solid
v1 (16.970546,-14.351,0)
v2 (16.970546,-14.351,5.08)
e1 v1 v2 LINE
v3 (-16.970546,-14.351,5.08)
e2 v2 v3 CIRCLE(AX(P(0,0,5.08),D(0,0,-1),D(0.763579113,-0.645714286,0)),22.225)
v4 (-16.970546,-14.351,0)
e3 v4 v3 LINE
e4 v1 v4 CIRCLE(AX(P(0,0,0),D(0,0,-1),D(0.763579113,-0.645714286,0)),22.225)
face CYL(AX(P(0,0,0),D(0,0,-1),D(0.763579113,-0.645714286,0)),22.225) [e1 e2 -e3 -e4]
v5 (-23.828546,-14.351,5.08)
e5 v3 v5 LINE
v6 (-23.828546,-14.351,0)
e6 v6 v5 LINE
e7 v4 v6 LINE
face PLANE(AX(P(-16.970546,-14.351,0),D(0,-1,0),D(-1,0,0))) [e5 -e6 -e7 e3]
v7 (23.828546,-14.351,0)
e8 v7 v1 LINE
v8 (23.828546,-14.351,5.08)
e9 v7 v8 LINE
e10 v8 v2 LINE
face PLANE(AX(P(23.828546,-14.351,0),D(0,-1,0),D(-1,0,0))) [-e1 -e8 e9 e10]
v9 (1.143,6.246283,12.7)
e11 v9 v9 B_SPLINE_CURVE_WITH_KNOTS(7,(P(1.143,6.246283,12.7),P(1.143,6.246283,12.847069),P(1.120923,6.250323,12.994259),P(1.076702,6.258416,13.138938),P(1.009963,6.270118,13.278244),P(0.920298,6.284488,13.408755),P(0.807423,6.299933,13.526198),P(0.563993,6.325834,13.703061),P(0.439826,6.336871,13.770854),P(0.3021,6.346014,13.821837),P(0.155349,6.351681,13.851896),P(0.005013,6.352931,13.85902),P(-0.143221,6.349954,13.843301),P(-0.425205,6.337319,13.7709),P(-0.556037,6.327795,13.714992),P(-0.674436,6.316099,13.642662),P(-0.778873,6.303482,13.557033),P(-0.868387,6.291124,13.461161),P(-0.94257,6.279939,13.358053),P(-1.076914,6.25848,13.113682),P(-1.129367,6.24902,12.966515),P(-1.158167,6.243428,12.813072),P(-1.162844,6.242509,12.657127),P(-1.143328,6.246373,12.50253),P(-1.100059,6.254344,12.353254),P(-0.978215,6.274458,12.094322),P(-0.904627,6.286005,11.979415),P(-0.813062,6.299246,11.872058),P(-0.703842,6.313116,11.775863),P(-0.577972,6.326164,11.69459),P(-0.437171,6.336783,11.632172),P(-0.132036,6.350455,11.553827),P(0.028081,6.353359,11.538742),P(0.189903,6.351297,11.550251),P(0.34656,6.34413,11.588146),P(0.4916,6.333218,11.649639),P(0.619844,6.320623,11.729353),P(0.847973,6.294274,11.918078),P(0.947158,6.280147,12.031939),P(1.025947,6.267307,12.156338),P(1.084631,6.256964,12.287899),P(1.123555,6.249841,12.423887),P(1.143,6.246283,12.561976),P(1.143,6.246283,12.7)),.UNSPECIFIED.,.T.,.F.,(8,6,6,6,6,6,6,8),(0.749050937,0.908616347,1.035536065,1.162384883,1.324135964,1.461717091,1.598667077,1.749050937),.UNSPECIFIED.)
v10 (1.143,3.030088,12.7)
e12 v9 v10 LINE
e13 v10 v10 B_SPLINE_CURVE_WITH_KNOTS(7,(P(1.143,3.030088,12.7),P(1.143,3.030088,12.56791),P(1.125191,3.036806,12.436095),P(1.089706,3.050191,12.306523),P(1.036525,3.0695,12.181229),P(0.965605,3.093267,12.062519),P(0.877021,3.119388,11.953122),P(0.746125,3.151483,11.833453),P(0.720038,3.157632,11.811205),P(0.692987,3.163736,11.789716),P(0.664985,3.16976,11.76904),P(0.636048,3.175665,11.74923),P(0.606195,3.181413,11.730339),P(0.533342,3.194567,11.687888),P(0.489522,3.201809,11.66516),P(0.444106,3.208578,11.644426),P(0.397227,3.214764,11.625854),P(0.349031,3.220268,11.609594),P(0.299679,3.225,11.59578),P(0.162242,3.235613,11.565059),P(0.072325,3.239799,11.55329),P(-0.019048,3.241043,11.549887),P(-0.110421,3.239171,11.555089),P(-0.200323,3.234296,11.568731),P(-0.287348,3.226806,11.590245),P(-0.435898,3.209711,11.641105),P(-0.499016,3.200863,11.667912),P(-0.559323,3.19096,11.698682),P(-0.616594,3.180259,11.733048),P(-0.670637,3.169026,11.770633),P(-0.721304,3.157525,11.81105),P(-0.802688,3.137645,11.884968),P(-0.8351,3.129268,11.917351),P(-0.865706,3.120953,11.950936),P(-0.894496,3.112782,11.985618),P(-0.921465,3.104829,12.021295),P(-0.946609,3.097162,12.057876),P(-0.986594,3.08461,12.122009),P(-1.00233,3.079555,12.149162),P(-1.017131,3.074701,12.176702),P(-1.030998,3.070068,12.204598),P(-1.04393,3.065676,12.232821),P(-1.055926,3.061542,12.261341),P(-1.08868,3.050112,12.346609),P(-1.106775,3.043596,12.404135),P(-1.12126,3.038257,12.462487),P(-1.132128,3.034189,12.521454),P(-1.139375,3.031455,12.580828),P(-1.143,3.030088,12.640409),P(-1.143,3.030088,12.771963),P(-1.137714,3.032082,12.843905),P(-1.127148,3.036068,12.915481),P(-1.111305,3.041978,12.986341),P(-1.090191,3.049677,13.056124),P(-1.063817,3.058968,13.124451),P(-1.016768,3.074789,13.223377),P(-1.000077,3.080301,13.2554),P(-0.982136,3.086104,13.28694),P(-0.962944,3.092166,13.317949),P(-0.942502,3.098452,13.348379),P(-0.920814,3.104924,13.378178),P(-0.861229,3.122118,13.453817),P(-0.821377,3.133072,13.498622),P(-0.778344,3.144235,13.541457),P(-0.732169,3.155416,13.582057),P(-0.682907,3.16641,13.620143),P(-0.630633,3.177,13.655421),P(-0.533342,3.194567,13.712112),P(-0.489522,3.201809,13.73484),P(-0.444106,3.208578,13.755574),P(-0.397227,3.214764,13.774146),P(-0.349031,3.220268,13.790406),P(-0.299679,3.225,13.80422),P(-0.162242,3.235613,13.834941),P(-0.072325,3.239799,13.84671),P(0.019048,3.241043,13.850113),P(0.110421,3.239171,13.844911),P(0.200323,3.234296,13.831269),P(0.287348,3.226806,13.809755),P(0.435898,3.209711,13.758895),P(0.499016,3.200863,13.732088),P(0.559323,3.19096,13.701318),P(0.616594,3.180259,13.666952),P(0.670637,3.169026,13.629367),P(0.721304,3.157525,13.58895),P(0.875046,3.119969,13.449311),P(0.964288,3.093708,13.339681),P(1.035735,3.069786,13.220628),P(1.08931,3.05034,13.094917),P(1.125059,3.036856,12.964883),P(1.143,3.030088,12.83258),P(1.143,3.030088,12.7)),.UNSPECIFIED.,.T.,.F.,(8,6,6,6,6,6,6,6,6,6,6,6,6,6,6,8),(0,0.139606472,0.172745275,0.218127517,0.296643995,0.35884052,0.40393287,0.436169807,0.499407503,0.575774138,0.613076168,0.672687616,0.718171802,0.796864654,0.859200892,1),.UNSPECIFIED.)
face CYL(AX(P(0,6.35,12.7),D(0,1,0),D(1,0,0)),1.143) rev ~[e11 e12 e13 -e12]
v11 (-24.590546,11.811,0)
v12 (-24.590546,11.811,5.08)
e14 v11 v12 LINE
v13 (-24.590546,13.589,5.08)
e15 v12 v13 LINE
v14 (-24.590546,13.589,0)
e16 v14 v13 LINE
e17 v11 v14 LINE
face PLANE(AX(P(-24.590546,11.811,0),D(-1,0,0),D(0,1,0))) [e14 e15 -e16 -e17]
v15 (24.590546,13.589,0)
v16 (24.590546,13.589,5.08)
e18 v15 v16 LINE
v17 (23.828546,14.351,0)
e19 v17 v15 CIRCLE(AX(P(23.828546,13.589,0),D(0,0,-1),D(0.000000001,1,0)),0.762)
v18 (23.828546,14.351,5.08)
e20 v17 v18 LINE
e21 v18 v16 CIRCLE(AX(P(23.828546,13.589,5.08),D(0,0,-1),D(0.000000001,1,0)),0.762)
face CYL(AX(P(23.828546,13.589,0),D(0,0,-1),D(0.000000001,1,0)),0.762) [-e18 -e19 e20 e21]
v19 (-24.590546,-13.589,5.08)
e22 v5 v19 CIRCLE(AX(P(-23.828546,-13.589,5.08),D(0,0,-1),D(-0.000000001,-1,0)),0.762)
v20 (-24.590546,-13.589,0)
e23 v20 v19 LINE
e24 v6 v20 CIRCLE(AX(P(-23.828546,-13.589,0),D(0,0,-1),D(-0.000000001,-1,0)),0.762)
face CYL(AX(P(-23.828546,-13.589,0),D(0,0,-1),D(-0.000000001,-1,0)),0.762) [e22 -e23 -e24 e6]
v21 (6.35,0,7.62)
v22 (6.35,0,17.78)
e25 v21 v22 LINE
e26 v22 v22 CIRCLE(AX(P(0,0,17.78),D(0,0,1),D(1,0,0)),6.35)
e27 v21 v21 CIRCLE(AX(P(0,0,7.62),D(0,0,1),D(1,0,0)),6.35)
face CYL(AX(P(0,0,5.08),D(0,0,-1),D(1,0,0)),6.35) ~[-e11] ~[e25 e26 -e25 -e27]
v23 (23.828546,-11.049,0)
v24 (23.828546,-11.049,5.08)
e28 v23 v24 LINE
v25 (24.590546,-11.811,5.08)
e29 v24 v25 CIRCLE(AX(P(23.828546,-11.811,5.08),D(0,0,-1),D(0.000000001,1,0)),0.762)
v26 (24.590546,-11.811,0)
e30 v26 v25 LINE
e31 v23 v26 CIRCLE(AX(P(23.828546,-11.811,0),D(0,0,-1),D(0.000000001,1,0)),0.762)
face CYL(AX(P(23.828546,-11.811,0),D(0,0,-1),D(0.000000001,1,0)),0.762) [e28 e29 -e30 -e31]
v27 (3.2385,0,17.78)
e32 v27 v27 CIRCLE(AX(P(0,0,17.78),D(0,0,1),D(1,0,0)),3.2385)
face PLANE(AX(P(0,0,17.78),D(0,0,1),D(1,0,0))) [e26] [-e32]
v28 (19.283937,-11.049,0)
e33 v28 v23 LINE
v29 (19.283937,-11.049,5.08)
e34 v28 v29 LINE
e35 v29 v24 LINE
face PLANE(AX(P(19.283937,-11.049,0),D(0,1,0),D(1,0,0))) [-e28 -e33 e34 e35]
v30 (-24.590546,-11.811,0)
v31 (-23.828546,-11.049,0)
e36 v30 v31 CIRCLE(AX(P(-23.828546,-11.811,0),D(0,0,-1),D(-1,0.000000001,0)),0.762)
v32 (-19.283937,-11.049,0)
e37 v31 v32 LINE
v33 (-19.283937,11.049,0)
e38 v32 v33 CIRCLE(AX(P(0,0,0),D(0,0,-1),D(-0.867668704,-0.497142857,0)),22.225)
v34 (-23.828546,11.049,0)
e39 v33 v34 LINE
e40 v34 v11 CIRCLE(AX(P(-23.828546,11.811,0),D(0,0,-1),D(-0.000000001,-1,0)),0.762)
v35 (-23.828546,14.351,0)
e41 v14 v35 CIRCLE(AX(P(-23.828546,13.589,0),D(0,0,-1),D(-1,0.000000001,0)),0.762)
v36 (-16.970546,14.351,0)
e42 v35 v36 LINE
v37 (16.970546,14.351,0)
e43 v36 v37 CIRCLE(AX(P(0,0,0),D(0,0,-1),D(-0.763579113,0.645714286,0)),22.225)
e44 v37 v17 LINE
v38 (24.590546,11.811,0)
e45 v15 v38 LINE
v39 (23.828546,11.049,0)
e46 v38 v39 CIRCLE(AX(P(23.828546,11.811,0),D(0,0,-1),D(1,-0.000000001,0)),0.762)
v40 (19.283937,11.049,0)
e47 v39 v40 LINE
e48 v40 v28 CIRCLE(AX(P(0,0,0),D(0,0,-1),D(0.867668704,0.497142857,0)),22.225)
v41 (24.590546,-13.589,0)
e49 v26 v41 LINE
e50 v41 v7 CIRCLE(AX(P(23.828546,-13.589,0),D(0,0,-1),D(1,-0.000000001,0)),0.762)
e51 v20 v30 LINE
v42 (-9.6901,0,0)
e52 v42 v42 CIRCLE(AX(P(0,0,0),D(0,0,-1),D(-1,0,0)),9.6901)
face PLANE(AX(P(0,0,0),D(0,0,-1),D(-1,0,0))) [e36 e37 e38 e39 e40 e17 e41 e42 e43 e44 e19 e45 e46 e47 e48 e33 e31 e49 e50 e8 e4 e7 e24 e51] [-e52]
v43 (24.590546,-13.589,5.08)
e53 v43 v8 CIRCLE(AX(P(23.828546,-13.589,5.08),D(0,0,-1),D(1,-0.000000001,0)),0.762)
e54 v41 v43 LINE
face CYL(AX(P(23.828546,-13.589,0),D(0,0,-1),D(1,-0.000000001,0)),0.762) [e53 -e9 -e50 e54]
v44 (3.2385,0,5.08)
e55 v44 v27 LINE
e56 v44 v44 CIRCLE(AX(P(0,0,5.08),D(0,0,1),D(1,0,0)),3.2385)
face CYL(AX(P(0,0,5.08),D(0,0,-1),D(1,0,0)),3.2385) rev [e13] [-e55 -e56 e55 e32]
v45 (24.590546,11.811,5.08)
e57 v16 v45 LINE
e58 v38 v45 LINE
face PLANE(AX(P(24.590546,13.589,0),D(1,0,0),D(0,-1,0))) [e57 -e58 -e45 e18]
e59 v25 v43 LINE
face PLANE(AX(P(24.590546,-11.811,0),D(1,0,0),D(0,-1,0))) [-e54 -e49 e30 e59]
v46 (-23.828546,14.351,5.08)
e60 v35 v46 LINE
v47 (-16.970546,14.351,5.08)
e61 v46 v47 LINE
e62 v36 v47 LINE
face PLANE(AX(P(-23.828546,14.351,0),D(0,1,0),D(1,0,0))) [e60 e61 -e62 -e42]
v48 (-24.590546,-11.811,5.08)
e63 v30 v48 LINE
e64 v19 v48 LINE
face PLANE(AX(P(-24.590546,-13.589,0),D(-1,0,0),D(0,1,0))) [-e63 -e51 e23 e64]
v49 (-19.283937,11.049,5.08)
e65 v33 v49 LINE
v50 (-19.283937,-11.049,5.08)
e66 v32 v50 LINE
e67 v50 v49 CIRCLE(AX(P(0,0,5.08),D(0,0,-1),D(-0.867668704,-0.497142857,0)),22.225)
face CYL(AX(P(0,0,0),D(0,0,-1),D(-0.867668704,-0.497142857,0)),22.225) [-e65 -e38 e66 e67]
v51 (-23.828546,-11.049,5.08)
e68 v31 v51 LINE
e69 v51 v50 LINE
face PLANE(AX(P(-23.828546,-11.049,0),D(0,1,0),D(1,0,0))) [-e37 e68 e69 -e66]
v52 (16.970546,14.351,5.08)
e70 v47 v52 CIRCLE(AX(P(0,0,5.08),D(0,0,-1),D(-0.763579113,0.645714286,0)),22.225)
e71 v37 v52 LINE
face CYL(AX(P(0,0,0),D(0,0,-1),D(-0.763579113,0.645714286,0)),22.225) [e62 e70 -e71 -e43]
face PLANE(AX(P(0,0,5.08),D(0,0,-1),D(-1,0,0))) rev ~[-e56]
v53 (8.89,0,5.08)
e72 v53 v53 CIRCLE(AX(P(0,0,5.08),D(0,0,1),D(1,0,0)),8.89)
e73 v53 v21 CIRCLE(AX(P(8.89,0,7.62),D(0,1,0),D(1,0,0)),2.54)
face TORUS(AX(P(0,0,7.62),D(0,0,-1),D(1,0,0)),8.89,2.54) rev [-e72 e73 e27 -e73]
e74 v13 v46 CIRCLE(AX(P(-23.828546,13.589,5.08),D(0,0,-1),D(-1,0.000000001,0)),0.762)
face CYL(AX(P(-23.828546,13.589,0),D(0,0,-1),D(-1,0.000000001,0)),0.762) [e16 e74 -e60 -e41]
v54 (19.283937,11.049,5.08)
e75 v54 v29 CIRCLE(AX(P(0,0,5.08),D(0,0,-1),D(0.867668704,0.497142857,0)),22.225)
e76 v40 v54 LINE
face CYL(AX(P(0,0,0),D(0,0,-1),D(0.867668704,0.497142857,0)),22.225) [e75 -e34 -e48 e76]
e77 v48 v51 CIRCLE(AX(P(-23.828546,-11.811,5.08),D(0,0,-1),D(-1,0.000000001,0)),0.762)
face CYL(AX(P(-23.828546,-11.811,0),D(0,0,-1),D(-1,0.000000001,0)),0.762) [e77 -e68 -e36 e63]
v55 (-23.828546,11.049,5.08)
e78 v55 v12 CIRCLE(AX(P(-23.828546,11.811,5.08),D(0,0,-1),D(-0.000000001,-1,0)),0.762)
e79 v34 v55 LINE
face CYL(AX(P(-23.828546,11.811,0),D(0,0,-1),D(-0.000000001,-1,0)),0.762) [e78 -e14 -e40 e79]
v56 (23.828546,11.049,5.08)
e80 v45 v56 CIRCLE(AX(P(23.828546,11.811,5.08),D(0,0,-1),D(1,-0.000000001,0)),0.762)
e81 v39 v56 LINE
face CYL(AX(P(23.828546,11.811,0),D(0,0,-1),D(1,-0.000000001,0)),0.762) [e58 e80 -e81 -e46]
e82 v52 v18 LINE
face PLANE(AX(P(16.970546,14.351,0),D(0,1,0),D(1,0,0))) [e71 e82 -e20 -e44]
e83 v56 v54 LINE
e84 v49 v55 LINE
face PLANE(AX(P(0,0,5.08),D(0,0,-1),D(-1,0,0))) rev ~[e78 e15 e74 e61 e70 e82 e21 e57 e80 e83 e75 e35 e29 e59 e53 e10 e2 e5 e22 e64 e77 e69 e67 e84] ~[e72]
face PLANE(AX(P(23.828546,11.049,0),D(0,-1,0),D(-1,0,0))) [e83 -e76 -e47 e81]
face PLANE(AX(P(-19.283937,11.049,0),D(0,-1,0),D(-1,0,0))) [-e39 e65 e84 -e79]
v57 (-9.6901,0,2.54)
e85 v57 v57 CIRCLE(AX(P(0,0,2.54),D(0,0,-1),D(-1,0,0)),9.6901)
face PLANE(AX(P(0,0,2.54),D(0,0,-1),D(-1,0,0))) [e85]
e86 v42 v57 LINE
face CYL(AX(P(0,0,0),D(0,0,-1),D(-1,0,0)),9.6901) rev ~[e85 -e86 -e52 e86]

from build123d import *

# Parameters (mm, degrees)
BOSS_EXTRUDE1_DEPTH = 5.08
SKETCH5_R           = 9.6901
CUT_EXTRUDE2_DEPTH  = 2.54
SKETCH6_R           = 6.35
SKETCH6_R_2         = 3.2385
BOSS_EXTRUDE4_DEPTH = 12.7
FILLET1_R           = 2.54
SKETCH8_R           = 1.143
CUT_EXTRUDE3_DEPTH  = 7.62


with BuildPart() as part:
    # Sketch1 → Boss-Extrude1 (new body)
    with BuildSketch(Plane.XY):
        with BuildLine():
            Line((-23.828545778, 14.351), (-16.970545778, 14.351))
            ThreePointArc((-16.970545778, 14.351), (0, 22.225), (16.970545778, 14.351))
            Line((16.970545778, 14.351), (23.828545778, 14.351))
            ThreePointArc((23.828545778, 14.351), (24.367361145, 14.127815367), (24.590545778, 13.589))
            Line((24.590545778, 13.589), (24.590545778, 11.811))
            ThreePointArc((24.590545778, 11.811), (24.367361145, 11.272184633), (23.828545778, 11.049))
            Line((23.828545778, 11.049), (19.283936942, 11.049))
            ThreePointArc((19.283936942, 11.049), (22.225, 0), (19.283936942, -11.049))
            Line((19.283936942, -11.049), (23.828545778, -11.049))
            ThreePointArc((23.828545778, -11.049), (24.367361145, -11.272184633), (24.590545778, -11.811))
            Line((24.590545778, -11.811), (24.590545778, -13.589))
            ThreePointArc((24.590545778, -13.589), (24.367361145, -14.127815367), (23.828545778, -14.351))
            Line((23.828545778, -14.351), (16.970545778, -14.351))
            ThreePointArc((16.970545778, -14.351), (0, -22.225), (-16.970545778, -14.351))
            Line((-16.970545778, -14.351), (-23.828545778, -14.351))
            ThreePointArc((-23.828545778, -14.351), (-24.367361145, -14.127815367), (-24.590545778, -13.589))
            Line((-24.590545778, -13.589), (-24.590545778, -11.811))
            ThreePointArc((-24.590545778, -11.811), (-24.367361145, -11.272184633), (-23.828545778, -11.049))
            Line((-23.828545778, -11.049), (-19.283936942, -11.049))
            ThreePointArc((-19.283936942, -11.049), (-22.225, 0), (-19.283936942, 11.049))
            Line((-19.283936942, 11.049), (-23.828545778, 11.049))
            ThreePointArc((-23.828545778, 11.049), (-24.367361145, 11.272184633), (-24.590545778, 11.811))
            Line((-24.590545778, 11.811), (-24.590545778, 13.589))
            ThreePointArc((-24.590545778, 13.589), (-24.367361145, 14.127815367), (-23.828545778, 14.351))
        make_face()
    extrude(amount=BOSS_EXTRUDE1_DEPTH)

    # Sketch5 → Cut-Extrude2 (cut)
    with BuildSketch(Plane(origin=(0, 0, 0), x_dir=(-1, 0, 0), z_dir=(0, 0, -1))):
        Circle(SKETCH5_R)
    extrude(amount=-CUT_EXTRUDE2_DEPTH, mode=Mode.SUBTRACT)

    # Sketch6 → Boss-Extrude4 (add)
    with BuildSketch(Plane.XY.offset(5.08)):
        Circle(SKETCH6_R)
        Circle(SKETCH6_R_2, mode=Mode.SUBTRACT)
    extrude(amount=BOSS_EXTRUDE4_DEPTH)

    # Fillet1
    fillet1_edges = [part.edges().sort_by_distance(p)[0] for p in [
        (-6.35, 0, 5.08),
    ]]
    fillet(fillet1_edges, radius=FILLET1_R)

    # Sketch8 → Cut-Extrude3 (cut)
    with BuildSketch(Plane(origin=(0, 6.35, 0), x_dir=(1, 0, 0), z_dir=(0, 1, 0))):
        with Locations((0, -12.7)):
            Circle(SKETCH8_R)
    extrude(amount=-CUT_EXTRUDE3_DEPTH, mode=Mode.SUBTRACT)


solid = part.part
